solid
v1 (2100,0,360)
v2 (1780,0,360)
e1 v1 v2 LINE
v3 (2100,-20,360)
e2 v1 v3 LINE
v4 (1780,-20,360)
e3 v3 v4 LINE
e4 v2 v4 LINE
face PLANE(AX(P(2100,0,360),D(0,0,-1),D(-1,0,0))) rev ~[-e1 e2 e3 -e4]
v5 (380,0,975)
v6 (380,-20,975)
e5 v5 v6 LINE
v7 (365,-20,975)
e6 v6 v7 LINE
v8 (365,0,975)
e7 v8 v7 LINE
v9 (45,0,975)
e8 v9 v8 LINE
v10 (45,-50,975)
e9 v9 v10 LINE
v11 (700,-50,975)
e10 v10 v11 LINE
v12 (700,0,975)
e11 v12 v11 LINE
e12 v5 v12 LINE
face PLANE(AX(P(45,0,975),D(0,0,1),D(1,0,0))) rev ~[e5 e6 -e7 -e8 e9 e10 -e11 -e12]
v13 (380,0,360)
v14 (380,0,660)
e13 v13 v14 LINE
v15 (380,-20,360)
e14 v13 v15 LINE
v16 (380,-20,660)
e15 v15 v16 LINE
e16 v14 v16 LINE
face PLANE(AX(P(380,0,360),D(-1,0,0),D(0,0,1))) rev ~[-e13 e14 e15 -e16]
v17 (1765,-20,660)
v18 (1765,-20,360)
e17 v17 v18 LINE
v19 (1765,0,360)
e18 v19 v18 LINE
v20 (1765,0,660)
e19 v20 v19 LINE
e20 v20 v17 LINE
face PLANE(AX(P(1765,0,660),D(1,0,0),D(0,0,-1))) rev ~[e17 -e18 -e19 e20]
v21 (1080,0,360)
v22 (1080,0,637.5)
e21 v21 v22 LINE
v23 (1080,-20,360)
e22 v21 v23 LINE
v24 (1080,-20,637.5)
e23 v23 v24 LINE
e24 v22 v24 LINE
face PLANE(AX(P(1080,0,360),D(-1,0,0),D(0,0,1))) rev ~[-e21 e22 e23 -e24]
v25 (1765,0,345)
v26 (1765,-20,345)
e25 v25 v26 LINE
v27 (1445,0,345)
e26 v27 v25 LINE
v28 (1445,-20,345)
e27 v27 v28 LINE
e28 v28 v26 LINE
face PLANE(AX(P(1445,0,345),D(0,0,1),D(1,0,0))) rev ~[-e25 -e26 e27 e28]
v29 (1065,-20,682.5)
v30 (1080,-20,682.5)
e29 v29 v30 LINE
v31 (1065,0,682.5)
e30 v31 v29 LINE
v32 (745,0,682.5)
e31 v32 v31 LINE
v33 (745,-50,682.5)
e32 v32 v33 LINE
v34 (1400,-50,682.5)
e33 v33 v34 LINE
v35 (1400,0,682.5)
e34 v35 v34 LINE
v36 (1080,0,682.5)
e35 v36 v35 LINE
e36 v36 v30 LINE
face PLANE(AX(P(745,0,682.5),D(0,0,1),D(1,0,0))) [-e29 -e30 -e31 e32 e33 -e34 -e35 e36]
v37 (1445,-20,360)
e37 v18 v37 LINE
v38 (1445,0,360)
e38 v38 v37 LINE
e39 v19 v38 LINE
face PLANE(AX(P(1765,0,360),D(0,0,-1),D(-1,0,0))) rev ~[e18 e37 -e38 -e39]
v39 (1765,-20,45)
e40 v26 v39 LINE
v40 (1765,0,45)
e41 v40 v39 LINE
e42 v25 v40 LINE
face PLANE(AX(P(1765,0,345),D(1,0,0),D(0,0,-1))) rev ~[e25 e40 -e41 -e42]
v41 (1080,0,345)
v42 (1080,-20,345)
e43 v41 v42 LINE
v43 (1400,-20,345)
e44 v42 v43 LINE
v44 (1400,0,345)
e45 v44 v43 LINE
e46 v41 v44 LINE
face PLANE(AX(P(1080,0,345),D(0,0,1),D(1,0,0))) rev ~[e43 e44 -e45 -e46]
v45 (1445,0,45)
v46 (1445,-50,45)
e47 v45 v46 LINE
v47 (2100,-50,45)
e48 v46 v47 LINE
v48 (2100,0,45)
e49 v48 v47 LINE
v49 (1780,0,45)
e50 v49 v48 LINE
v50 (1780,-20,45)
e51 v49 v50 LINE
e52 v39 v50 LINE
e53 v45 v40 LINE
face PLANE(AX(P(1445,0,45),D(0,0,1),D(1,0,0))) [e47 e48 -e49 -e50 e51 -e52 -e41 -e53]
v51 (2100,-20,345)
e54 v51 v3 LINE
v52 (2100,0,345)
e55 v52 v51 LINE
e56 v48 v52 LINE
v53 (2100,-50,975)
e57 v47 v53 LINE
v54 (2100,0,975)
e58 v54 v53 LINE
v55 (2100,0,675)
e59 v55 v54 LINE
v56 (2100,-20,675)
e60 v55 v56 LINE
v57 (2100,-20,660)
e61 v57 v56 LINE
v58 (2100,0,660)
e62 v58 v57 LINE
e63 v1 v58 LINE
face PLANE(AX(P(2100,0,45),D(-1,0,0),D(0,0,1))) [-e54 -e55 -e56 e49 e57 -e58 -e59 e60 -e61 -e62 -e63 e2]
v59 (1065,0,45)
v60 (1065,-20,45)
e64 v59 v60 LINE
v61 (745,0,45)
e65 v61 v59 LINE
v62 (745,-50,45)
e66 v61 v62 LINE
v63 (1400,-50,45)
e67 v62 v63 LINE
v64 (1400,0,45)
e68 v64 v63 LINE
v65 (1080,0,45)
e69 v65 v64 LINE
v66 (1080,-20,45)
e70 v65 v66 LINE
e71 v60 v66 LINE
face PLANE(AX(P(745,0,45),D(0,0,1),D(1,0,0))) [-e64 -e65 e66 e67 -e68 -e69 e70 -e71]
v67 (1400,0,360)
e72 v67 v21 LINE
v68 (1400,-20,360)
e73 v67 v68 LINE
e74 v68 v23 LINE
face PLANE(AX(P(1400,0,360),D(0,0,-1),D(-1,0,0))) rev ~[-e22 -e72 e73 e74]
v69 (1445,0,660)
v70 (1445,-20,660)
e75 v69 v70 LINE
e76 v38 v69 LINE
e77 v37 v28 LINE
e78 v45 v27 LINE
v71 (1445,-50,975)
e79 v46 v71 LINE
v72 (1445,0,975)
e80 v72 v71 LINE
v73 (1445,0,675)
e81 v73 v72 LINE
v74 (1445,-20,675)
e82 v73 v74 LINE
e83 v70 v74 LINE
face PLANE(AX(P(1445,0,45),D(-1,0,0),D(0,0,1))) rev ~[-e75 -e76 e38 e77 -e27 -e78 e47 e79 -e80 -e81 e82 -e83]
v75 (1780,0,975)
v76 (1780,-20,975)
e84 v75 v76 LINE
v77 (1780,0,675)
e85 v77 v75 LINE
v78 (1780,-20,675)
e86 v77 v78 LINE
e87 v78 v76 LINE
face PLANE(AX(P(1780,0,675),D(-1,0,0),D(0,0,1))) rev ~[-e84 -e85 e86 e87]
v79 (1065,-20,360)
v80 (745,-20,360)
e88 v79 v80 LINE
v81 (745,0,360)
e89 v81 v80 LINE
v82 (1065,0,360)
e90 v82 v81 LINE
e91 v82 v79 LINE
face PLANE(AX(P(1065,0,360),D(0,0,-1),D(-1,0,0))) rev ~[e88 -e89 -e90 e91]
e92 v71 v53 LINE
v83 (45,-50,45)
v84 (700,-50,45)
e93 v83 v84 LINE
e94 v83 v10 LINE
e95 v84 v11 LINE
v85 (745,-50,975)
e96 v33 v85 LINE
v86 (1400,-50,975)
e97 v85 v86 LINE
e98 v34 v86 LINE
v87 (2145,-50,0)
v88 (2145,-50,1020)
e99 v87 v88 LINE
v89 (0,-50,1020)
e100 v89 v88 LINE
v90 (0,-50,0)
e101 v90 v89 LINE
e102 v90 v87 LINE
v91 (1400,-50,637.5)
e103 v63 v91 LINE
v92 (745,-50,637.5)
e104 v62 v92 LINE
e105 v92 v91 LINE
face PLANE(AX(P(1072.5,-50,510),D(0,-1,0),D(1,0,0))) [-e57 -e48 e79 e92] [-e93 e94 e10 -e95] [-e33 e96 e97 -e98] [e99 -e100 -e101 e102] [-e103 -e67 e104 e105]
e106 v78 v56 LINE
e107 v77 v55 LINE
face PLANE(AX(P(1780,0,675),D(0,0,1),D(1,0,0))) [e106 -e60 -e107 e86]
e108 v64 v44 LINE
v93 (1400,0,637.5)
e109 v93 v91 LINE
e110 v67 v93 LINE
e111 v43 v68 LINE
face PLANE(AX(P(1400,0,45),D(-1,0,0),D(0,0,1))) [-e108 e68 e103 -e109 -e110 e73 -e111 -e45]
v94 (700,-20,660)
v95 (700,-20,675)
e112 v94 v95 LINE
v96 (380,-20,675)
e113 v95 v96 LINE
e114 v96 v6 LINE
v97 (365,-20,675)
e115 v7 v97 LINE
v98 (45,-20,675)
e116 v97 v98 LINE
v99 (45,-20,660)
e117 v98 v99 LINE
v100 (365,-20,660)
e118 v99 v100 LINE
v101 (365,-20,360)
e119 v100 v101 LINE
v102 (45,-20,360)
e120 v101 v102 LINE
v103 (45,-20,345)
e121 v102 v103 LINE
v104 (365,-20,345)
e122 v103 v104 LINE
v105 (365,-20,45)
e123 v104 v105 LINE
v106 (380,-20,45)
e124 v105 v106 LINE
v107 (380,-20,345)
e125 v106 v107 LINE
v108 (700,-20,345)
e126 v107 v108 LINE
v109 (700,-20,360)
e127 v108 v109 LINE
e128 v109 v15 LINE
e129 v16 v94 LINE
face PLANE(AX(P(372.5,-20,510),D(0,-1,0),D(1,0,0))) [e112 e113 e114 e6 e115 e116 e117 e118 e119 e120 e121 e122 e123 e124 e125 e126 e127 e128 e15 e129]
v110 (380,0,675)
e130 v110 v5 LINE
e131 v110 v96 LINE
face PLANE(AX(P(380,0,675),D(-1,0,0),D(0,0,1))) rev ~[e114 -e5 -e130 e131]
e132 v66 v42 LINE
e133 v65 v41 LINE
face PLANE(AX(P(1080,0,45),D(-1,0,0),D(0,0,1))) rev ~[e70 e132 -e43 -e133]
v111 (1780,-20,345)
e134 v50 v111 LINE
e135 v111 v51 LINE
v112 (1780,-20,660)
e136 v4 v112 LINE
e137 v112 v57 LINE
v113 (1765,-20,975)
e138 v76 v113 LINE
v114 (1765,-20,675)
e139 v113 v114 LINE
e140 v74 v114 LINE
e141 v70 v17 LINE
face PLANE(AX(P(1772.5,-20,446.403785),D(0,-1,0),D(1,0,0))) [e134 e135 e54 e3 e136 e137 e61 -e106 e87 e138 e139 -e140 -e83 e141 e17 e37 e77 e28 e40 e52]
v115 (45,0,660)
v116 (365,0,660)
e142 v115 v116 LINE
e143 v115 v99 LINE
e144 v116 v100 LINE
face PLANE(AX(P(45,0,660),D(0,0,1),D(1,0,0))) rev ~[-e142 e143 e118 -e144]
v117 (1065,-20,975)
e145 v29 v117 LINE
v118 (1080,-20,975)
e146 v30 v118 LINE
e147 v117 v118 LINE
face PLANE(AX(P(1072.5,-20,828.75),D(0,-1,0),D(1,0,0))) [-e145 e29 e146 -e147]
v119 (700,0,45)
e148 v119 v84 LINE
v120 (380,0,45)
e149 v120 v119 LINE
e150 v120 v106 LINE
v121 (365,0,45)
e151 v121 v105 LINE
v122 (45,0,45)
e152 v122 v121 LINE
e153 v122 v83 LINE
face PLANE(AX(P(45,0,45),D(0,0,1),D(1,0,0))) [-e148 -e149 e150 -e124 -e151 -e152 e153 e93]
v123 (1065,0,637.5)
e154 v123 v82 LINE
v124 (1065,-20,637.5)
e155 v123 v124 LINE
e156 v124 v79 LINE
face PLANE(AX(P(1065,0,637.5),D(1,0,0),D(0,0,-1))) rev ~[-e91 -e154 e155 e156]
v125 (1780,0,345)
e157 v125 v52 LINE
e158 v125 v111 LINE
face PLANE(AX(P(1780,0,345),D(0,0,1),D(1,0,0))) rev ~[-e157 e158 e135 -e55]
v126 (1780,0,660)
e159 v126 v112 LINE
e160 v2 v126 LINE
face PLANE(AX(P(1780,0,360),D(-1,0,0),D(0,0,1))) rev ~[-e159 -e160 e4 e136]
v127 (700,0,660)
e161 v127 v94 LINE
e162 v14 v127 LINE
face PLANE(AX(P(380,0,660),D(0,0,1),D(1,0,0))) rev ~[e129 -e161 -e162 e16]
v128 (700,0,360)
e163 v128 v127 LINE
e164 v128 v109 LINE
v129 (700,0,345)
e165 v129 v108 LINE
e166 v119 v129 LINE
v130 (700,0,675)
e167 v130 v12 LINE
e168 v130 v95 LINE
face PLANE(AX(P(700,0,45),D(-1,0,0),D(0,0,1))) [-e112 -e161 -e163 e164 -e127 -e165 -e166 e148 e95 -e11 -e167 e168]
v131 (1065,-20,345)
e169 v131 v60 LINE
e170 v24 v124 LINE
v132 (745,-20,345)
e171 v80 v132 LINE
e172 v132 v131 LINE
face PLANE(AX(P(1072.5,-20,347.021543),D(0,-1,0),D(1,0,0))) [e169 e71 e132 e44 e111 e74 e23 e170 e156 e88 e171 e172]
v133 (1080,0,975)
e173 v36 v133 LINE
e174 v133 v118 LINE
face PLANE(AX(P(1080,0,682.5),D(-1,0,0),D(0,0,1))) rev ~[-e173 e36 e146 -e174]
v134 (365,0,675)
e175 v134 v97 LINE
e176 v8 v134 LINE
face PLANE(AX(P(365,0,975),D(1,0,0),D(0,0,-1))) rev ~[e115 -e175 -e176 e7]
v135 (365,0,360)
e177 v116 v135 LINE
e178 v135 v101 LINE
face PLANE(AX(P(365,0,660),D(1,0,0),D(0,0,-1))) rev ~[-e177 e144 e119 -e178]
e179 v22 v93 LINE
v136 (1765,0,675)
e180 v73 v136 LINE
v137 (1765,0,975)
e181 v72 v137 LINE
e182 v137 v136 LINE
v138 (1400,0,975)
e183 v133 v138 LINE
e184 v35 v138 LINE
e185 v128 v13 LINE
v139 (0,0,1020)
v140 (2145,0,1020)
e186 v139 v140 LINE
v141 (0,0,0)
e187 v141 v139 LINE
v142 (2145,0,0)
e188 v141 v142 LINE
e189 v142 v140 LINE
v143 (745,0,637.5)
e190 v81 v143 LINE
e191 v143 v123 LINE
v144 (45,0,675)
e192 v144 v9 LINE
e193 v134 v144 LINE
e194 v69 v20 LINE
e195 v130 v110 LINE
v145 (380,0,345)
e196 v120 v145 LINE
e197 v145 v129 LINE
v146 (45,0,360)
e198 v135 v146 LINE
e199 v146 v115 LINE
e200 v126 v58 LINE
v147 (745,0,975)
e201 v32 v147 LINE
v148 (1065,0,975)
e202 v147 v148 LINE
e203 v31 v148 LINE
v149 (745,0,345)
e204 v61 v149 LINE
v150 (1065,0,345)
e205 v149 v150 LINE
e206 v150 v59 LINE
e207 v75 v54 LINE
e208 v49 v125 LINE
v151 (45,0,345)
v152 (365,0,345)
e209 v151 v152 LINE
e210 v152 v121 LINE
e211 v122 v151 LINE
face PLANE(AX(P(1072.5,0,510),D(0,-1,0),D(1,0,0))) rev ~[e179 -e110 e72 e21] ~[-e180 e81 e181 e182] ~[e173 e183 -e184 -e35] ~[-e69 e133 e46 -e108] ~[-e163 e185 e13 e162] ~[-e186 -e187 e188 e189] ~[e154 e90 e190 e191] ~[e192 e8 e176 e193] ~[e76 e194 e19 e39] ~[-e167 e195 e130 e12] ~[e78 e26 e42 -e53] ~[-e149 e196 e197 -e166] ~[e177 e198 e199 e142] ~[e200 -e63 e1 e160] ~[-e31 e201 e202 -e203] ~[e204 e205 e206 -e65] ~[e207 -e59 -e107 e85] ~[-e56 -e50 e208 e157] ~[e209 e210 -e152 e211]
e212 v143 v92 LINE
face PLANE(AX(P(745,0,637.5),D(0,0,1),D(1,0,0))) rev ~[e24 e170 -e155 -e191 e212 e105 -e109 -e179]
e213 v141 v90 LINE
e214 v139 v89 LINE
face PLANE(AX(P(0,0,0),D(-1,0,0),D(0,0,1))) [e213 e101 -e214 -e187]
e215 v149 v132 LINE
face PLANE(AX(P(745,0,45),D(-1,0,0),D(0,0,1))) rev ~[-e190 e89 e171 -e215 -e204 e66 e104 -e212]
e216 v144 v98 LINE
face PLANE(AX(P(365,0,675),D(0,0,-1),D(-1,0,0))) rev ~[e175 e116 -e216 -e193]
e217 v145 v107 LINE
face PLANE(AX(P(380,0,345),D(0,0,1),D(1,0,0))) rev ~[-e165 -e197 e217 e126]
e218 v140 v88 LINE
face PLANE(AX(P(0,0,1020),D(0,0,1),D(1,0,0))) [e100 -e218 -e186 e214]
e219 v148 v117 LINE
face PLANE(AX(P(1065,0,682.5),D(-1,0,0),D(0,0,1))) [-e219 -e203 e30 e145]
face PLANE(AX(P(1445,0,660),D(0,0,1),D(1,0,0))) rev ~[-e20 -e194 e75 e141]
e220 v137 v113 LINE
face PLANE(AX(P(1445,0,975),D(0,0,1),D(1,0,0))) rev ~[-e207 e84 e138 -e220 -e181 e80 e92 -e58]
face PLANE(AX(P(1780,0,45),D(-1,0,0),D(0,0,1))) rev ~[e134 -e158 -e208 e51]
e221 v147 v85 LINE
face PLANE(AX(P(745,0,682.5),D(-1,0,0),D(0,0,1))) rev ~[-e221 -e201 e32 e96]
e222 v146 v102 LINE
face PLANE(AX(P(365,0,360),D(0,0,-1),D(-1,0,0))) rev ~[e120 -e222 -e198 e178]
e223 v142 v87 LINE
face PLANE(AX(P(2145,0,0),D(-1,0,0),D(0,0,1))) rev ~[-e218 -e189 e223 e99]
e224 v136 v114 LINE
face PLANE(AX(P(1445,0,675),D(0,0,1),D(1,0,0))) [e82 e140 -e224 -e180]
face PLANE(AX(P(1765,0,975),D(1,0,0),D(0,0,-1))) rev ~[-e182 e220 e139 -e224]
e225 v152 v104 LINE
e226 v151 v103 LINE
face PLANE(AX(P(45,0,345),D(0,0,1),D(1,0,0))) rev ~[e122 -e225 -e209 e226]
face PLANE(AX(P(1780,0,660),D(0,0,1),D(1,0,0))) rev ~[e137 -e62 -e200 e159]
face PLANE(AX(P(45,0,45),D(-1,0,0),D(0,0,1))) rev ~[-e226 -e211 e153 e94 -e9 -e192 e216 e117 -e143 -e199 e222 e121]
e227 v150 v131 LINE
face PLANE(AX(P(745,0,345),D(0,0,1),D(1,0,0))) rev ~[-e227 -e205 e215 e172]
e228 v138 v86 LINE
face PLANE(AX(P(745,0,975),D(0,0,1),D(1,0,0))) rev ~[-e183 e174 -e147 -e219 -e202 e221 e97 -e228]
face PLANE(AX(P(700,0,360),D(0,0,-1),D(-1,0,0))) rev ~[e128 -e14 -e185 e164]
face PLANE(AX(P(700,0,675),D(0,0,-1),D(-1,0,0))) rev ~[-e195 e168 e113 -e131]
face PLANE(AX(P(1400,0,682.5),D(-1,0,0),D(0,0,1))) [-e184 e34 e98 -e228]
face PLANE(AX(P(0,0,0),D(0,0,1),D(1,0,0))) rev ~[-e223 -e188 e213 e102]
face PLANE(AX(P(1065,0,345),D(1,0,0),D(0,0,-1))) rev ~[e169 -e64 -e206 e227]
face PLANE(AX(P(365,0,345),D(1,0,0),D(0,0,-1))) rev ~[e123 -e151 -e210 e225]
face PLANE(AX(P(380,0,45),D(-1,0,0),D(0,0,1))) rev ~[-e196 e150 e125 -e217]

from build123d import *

# Parameters (mm, degrees)
F0_W     = 2145
F0_H     = 1020
F0_W_2   = 655
F0_H_2   = 592.5
F0_H_3   = 930
F0_H_4   = 292.5
F1_DEPTH = 50
F2_W     = 320
F2_H     = 15
F2_W_2   = 15
F2_H_2   = 292.5
F3_DEPTH = 20


with BuildPart() as f1:
    # F0 (on Front) → F1 (new body)
    with BuildSketch(Plane.XZ):
        with Locations((1072.5, 510)):
            Rectangle(F0_W, F0_H)
        with Locations((1072.5, 341.25)):
            Rectangle(F0_W_2, F0_H_2, mode=Mode.SUBTRACT)
        with Locations((372.5, 510)):
            Rectangle(F0_W_2, F0_H_3, mode=Mode.SUBTRACT)
        with Locations((1772.5, 510)):
            Rectangle(F0_W_2, F0_H_3, mode=Mode.SUBTRACT)
        with Locations((1072.5, 828.75)):
            Rectangle(F0_W_2, F0_H_4, mode=Mode.SUBTRACT)
    extrude(amount=F1_DEPTH)

    # F2 (on Front) → F3 (join)
    with BuildSketch(Plane.XZ):
        Polygon((1780, 975), (1765, 975), (1765, 675), (1765, 660), (1765, 360), (1445, 360), (1445, 345), (1765, 345), (1765, 45), (1780, 45), (1780, 345), (2100, 345), (2100, 360), (1780, 360), (1780, 660), (1780, 675), align=None)
        with Locations((1605, 667.5)):
            Rectangle(F2_W, F2_H)
        with Locations((1940, 667.5)):
            Rectangle(F2_W, F2_H)
        with Locations((1072.5, 828.75)):
            Rectangle(F2_W_2, F2_H_2)
        Polygon((1080, 637.5), (1065, 637.5), (1065, 360), (745, 360), (745, 345), (1065, 345), (1065, 45), (1080, 45), (1080, 345), (1400, 345), (1400, 360), (1080, 360), align=None)
        Polygon((380, 975), (365, 975), (365, 675), (45, 675), (45, 660), (365, 660), (365, 360), (45, 360), (45, 345), (365, 345), (365, 45), (380, 45), (380, 345), (700, 345), (700, 360), (380, 360), (380, 660), (700, 660), (700, 675), (380, 675), align=None)
    extrude(amount=F3_DEPTH)


solid = f1.part
